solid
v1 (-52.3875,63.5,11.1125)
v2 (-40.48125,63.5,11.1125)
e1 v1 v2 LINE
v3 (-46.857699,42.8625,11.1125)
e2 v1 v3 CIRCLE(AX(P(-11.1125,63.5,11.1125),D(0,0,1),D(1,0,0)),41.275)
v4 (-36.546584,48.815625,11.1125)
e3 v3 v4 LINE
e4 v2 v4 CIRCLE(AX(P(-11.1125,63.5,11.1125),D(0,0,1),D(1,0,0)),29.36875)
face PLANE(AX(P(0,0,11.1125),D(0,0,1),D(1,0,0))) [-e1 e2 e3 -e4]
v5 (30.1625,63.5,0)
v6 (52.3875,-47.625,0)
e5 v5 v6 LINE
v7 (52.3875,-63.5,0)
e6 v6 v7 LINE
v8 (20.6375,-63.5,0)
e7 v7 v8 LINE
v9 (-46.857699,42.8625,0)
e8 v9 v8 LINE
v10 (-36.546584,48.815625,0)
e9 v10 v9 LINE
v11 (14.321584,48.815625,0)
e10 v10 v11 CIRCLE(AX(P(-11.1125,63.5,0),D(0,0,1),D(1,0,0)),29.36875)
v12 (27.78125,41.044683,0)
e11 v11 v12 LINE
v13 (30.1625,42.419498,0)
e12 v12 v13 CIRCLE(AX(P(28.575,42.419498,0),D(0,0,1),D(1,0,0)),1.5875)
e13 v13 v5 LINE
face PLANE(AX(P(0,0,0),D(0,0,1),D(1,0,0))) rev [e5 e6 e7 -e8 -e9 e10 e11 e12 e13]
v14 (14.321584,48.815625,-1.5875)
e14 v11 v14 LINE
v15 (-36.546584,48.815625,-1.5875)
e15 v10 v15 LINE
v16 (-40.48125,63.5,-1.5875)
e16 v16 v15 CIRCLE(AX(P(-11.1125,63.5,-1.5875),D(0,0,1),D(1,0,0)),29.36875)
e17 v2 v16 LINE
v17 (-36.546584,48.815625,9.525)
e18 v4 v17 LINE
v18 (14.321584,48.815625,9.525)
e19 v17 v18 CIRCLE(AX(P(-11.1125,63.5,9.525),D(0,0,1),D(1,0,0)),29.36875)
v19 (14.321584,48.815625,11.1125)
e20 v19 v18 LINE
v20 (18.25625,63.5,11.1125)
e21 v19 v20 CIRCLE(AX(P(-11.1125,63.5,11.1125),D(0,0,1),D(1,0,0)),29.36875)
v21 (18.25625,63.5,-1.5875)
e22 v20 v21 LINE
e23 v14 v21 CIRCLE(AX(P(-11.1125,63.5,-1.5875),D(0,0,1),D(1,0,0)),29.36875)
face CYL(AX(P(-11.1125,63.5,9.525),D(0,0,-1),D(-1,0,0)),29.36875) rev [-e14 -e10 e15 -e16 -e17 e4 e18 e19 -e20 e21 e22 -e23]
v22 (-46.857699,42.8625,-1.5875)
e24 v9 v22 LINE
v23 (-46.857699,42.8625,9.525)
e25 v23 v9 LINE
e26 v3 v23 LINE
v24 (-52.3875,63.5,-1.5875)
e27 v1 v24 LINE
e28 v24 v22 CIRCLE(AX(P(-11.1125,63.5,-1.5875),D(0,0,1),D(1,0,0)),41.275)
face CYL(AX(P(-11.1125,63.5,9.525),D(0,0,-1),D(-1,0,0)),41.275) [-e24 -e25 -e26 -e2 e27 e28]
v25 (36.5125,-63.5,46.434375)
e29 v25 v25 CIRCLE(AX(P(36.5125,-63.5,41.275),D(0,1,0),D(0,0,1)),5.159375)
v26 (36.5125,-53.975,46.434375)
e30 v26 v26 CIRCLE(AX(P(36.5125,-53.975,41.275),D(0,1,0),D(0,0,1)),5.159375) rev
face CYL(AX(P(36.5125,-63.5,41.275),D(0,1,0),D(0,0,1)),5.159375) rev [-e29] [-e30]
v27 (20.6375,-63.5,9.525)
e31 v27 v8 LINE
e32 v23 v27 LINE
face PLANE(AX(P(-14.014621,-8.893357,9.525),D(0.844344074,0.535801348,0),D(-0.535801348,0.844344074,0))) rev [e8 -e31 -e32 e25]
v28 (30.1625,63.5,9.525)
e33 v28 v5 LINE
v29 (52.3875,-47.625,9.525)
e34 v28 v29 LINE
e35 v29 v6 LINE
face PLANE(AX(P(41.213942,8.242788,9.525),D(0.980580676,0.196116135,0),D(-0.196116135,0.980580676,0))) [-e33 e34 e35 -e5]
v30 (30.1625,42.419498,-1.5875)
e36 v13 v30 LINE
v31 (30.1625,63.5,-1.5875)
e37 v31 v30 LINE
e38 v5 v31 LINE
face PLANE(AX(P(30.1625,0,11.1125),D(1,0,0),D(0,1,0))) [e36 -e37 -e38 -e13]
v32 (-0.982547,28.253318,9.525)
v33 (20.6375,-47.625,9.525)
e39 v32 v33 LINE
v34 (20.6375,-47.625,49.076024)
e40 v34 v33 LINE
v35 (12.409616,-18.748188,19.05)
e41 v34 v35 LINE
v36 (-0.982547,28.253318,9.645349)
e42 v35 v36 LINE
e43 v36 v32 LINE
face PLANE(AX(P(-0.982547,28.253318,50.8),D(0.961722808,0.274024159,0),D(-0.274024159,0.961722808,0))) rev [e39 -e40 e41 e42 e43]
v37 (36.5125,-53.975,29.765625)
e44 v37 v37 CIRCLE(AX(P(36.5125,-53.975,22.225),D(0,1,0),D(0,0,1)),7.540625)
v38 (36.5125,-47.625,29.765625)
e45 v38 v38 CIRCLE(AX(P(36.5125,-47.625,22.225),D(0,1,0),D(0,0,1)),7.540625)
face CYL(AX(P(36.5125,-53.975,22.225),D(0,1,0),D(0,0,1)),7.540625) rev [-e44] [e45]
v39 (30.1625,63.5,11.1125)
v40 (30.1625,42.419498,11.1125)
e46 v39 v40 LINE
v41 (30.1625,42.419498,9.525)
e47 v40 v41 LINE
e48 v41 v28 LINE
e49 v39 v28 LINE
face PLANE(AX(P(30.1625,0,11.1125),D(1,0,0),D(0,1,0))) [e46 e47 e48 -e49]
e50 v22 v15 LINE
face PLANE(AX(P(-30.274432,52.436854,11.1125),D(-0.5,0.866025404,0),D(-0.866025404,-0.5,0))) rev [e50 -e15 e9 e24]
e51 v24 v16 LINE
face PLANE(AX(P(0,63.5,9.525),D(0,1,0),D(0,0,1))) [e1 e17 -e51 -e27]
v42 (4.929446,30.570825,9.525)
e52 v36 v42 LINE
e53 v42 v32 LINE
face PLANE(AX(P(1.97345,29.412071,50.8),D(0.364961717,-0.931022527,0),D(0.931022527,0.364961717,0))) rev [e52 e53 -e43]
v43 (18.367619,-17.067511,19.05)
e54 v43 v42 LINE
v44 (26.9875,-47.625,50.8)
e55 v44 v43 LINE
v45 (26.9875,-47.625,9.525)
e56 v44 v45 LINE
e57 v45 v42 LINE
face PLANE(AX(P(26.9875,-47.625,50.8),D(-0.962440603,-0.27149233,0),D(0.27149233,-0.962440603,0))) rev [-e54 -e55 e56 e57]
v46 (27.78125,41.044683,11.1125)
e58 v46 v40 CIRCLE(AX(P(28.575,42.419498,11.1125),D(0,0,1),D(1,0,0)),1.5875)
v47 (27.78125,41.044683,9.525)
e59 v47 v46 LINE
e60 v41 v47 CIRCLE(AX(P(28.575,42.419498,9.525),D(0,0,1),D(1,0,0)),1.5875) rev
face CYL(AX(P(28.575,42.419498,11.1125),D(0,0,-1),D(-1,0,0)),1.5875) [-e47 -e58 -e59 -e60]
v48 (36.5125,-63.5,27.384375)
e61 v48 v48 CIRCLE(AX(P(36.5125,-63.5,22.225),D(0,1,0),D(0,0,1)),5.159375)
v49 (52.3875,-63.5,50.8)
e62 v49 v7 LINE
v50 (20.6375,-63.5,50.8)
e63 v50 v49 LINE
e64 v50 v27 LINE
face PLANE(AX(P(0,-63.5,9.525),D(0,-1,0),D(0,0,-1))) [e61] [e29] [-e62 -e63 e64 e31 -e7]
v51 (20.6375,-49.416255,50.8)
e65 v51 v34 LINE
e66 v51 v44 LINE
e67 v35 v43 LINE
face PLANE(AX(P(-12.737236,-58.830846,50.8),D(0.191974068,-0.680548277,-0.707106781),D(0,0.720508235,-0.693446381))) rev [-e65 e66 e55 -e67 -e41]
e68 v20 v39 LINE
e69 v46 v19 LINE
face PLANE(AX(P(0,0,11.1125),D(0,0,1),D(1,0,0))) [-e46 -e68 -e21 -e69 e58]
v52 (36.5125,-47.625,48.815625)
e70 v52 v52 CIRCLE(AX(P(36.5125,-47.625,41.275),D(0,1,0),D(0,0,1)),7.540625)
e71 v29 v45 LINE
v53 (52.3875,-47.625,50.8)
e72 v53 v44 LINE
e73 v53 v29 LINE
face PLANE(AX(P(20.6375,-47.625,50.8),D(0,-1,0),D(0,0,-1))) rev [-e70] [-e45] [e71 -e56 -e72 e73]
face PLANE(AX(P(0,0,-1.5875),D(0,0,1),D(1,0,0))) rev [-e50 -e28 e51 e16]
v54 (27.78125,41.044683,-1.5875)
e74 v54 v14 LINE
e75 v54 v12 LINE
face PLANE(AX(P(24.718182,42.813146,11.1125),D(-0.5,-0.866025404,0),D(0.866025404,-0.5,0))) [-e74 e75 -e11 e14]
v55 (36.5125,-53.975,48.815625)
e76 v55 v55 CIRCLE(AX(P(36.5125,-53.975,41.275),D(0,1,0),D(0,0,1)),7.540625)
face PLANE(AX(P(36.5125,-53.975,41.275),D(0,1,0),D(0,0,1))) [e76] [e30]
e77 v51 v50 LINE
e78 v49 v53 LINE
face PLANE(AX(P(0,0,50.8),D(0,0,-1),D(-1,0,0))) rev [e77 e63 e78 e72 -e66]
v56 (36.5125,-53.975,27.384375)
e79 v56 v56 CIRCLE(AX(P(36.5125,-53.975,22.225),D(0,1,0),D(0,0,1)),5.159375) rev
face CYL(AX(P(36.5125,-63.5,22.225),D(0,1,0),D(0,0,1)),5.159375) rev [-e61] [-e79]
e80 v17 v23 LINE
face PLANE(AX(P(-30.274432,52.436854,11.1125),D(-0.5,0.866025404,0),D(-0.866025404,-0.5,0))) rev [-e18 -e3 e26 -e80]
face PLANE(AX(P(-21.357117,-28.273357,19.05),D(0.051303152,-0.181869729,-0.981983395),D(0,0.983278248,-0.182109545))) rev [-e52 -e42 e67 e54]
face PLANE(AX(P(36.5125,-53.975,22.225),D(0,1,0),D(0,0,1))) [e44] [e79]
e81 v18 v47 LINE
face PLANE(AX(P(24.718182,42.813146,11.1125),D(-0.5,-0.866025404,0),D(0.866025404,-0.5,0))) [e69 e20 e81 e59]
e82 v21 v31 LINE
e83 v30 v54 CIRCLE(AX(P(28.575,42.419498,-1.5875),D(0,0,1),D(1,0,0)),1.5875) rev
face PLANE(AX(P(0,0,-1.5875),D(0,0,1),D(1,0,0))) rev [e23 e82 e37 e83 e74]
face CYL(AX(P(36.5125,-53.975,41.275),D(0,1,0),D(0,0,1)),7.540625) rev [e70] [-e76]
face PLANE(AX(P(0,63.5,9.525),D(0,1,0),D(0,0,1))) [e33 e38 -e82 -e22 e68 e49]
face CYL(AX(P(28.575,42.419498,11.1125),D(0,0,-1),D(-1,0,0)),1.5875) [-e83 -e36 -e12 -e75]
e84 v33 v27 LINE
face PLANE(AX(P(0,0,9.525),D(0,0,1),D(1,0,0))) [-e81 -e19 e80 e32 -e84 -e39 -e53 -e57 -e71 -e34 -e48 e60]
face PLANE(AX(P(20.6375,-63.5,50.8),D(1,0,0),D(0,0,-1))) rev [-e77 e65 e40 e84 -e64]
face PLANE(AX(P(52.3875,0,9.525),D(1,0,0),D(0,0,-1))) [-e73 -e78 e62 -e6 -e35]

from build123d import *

# Parameters (mm, degrees)
SALIENTE_EXTRUIR1_DEPTH = 9.525
CROQUIS2_W              = 31.75
CROQUIS2_H              = 15.875
SALIENTE_EXTRUIR2_DEPTH = 41.275
CROQUIS3_R              = 5.159375
CORTAR_EXTRUIR1_DEPTH   = 133.943055
CROQUIS4_R              = 7.540625
CORTAR_EXTRUIR2_DEPTH   = 6.35
SALIENTE_EXTRUIR5_DEPTH = 6.35
REDONDEO1_R             = 1.5875
REDONDEO4_R             = 1.5875
SALIENTE_EXTRUIR8_DEPTH = 41.275
CORTAR_EXTRUIR4_DEPTH   = 41.275


with BuildPart() as part:
    # Croquis1 → Saliente-Extruir1 (new body)
    with BuildSketch(Plane.XY):
        with BuildLine():
            Line((-52.3875, 63.5), (-40.48125, 63.5))
            ThreePointArc((-40.48125, 63.5), (-11.1125, 34.13125), (18.25625, 63.5))
            Line((18.25625, 63.5), (30.1625, 63.5))
            Line((30.1625, 63.5), (52.3875, -47.625))
            Line((52.3875, -47.625), (52.3875, -63.5))
            Line((52.3875, -63.5), (20.6375, -63.5))
            Line((20.6375, -63.5), (-46.857699, 42.8625))
            ThreePointArc((-46.857699, 42.8625), (-50.981088, 52.817244), (-52.3875, 63.5))
        make_face()
    extrude(amount=SALIENTE_EXTRUIR1_DEPTH)

    # Croquis2 → Saliente-Extruir2 (add)
    with BuildSketch(Plane.XY.offset(9.525)):
        with Locations((36.5125, -55.5625)):
            Rectangle(CROQUIS2_W, CROQUIS2_H)
    extrude(amount=SALIENTE_EXTRUIR2_DEPTH)

    # Croquis3 → Cortar-Extruir1 (cut, through all)
    with BuildSketch(Plane(origin=(0, -47.625, 0), x_dir=(1, 0, 0), z_dir=(0, 1, 0))):
        with Locations(Location((36.5125, -41.275, 0), (0, 0, 270))):
            Circle(CROQUIS3_R)
        with Locations(Location((36.5125, -22.225, 0), (0, 0, 270))):
            Circle(CROQUIS3_R)
    extrude(amount=-CORTAR_EXTRUIR1_DEPTH, mode=Mode.SUBTRACT)

    # Croquis4 → Cortar-Extruir2 (cut)
    with BuildSketch(Plane(origin=(0, -47.625, 0), x_dir=(1, 0, 0), z_dir=(0, 1, 0))):
        with Locations(Location((36.5125, -22.225, 0), (0, 0, 270))):
            Circle(CROQUIS4_R)
        with Locations(Location((36.5125, -41.275, 0), (0, 0, 270))):
            Circle(CROQUIS4_R)
    extrude(amount=-CORTAR_EXTRUIR2_DEPTH, mode=Mode.SUBTRACT)

    # Croquis8 → Saliente-Extruir5 (add, symmetric)
    with BuildSketch(Plane.XY.offset(4.7625)):
        with BuildLine():
            Line((-52.3875, 63.5), (-40.48125, 63.5))
            ThreePointArc((-40.48125, 63.5), (-39.480534, 55.898808), (-36.546584, 48.815625))
            Line((-36.546584, 48.815625), (-46.857699, 42.8625))
            ThreePointArc((-46.857699, 42.8625), (-50.981088, 52.817244), (-52.3875, 63.5))
        make_face()
        with BuildLine():
            ThreePointArc((14.321584, 48.815625), (17.255534, 55.898808), (18.25625, 63.5))
            Line((18.25625, 63.5), (30.1625, 63.5))
            Line((30.1625, 63.5), (30.1625, 39.669868))
            Line((30.1625, 39.669868), (14.321584, 48.815625))
        make_face()
    extrude(amount=SALIENTE_EXTRUIR5_DEPTH, both=True)

    # Redondeo1
    redondeo1_edges = [part.edges().sort_by_distance(p)[0] for p in [
        (30.1625, 39.669868, 10.31875),
    ]]
    fillet(redondeo1_edges, radius=REDONDEO1_R)

    # Redondeo4
    redondeo4_edges = [part.edges().sort_by_distance(p)[0] for p in [
        (30.1625, 39.669868, -0.79375),
    ]]
    fillet(redondeo4_edges, radius=REDONDEO4_R)

    # Croquis9 → Saliente-Extruir8 (add)
    with BuildSketch(Plane.XY.offset(9.525)):
        Polygon((-0.982547, 28.253318), (20.6375, -47.625), (23.8125, -47.625), (26.9875, -47.625), (4.929446, 30.570825), (1.97345, 29.412071), align=None)
    extrude(amount=SALIENTE_EXTRUIR8_DEPTH)

    # Croquis12 → Cortar-Extruir4 (cut)
    with BuildSketch(Plane(origin=(12.554117, 3.541358, 0), x_dir=(0, 0, -1), z_dir=(0.9624406031715071, 0.27149233021738517, 0))):
        Polygon((-9.525, 28.084296), (-50.8, 28.084296), (-50.8, -53.163133), (-19.05, -21.413133), align=None)
    extrude(amount=-CORTAR_EXTRUIR4_DEPTH, mode=Mode.SUBTRACT)


solid = part.part
